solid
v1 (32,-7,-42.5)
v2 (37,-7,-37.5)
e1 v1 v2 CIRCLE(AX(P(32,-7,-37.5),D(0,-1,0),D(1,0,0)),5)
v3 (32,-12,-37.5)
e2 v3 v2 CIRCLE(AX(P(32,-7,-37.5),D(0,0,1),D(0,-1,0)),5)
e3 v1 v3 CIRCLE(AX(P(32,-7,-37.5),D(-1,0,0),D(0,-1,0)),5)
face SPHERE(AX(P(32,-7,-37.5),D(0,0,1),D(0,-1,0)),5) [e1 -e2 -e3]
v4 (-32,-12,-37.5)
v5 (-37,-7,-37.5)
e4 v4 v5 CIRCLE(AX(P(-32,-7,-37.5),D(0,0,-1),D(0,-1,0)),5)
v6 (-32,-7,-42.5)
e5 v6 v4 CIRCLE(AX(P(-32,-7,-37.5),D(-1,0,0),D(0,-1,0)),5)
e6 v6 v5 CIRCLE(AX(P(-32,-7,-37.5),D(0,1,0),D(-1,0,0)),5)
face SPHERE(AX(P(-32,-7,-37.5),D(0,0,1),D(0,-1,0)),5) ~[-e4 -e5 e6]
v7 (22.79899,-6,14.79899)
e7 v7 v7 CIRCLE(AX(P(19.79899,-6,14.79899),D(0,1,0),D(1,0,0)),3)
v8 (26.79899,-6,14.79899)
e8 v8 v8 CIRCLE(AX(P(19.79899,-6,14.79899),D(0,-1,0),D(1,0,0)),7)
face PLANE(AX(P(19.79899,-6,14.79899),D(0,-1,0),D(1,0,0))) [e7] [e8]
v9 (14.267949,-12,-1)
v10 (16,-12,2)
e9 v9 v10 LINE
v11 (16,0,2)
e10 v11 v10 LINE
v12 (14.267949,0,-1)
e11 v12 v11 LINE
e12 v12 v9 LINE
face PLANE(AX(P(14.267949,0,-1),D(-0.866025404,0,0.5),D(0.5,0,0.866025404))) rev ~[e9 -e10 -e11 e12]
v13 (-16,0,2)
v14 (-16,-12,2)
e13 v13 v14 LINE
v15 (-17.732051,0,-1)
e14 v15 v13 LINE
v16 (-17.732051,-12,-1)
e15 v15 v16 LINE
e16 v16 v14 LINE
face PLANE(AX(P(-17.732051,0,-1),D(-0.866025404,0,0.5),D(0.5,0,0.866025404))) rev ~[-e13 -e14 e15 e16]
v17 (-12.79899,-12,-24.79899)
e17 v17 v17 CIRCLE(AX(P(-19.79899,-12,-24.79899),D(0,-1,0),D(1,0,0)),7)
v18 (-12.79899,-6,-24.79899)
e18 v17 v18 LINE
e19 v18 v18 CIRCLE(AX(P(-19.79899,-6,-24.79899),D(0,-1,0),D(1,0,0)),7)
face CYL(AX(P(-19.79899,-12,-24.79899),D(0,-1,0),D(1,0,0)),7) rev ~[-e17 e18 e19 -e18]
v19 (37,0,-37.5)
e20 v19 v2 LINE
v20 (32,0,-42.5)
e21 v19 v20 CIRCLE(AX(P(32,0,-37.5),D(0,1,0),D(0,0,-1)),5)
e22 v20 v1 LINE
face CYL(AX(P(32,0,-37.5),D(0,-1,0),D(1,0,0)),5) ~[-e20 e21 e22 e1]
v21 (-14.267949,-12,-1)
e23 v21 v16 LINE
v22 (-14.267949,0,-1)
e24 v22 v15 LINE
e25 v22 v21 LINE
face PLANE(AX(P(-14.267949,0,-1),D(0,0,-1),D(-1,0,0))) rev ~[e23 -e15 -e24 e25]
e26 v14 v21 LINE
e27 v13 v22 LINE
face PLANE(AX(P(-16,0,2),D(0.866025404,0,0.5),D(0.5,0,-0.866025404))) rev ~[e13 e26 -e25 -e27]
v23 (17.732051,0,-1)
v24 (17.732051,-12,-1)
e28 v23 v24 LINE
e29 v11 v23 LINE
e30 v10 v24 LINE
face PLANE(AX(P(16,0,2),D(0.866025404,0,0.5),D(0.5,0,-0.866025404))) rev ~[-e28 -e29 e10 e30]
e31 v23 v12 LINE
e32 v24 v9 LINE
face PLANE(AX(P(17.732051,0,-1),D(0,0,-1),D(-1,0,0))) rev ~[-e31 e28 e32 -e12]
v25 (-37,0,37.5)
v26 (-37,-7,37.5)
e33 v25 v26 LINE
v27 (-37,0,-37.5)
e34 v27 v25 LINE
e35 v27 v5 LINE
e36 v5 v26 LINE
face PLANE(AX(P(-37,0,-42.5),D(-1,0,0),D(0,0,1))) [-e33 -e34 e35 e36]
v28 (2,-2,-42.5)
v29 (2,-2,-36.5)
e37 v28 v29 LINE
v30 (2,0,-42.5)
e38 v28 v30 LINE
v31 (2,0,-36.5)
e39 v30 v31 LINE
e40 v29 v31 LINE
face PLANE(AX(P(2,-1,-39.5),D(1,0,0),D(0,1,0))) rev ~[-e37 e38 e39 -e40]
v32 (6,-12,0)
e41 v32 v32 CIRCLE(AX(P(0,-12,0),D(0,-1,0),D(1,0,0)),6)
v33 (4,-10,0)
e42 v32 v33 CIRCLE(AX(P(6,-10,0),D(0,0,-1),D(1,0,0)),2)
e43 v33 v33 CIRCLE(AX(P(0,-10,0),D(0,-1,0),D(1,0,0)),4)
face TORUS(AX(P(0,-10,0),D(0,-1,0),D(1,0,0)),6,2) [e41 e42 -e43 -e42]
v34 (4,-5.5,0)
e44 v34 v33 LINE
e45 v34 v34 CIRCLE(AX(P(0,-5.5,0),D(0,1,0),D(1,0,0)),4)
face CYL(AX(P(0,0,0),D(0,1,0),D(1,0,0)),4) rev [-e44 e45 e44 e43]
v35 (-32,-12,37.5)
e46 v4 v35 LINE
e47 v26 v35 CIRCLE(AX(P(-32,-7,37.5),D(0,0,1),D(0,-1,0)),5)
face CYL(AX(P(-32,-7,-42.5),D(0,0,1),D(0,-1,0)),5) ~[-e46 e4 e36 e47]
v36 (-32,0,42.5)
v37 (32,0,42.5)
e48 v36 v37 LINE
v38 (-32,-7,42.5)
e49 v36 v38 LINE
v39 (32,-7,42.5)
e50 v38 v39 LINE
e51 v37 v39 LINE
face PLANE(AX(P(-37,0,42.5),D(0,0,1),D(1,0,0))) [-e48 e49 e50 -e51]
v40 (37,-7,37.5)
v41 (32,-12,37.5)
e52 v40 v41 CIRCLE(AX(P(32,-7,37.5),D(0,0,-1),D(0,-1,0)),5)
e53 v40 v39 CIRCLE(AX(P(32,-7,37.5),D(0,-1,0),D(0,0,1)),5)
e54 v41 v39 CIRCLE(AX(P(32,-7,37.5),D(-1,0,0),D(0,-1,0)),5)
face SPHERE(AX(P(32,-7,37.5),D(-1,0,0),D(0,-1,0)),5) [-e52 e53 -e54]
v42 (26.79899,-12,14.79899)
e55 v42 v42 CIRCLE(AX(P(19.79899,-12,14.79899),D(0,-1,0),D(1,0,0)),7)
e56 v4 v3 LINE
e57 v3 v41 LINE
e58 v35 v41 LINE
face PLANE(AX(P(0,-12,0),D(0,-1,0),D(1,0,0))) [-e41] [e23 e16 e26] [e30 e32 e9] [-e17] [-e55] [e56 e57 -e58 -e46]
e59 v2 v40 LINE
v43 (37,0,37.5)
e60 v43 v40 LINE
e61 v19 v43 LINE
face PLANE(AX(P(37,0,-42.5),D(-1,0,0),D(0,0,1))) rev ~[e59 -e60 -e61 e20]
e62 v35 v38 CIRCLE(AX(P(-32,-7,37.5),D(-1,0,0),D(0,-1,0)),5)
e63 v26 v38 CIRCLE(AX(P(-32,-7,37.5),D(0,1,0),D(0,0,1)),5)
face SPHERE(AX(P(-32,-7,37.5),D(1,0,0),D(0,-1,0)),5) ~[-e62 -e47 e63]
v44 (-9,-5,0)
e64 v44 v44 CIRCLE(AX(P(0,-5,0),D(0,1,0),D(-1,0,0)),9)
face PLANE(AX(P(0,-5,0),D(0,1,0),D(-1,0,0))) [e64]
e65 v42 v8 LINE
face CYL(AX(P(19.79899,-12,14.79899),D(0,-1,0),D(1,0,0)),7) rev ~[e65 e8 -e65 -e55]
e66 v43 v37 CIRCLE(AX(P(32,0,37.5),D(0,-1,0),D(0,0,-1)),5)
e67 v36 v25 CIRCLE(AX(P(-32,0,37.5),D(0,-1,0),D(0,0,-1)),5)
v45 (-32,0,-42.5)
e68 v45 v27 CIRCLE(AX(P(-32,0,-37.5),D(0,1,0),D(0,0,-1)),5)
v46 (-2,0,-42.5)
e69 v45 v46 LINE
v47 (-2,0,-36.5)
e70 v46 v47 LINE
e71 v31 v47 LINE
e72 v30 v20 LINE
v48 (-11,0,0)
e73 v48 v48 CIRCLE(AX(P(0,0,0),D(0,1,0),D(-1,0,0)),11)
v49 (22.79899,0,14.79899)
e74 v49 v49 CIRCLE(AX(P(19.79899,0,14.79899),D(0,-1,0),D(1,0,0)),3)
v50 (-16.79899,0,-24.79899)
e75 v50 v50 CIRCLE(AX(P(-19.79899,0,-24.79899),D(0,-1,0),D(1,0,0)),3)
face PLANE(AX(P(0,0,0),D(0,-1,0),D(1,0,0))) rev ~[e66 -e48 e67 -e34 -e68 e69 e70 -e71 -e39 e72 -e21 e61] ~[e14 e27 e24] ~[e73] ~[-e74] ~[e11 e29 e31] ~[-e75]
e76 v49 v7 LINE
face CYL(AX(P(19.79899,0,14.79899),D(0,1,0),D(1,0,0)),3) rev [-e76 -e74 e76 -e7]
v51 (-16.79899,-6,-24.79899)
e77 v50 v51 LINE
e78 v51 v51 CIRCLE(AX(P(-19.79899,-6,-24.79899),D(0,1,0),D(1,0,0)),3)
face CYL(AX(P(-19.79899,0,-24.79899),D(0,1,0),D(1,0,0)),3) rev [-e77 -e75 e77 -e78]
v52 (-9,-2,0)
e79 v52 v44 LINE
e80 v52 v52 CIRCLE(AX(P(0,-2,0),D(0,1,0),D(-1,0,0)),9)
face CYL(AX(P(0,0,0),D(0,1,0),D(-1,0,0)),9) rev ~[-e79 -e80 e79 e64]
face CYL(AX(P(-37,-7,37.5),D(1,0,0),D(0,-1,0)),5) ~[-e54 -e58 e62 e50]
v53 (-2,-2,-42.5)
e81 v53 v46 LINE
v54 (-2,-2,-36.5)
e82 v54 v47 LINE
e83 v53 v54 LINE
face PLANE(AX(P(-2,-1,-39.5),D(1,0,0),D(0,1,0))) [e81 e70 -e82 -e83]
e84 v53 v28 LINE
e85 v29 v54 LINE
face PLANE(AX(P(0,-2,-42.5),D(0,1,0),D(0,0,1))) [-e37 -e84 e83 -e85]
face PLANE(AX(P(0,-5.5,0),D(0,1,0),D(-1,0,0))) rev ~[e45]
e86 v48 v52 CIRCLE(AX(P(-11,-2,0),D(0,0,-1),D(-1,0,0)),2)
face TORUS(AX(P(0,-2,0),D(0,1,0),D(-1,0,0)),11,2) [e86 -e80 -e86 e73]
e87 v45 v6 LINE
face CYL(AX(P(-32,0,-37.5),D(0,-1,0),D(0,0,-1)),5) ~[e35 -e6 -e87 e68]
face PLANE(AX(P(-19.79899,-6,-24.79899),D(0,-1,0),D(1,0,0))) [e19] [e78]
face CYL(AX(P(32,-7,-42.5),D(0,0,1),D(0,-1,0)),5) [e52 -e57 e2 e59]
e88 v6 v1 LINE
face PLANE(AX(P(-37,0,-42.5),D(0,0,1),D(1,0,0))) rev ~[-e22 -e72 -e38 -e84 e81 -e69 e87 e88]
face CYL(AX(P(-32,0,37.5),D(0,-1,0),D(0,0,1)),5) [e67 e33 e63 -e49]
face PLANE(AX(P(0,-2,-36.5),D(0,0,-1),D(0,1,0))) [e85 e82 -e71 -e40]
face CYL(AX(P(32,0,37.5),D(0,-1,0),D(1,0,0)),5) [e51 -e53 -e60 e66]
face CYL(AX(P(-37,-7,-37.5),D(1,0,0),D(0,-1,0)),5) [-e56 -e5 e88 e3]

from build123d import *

# Parameters (mm, degrees)
F0_W     = 74
F0_H     = 85
F0_R     = 3
F0_R_2   = 4
F1_DEPTH = 12
F2_R     = 7
F3_DEPTH = 6
F4_W     = 2
F4_H     = 6
F5_DEPTH = 2
F6_R     = 9
F7_DEPTH = 5
F8_R     = 4
F9_DEPTH = 0.5
F10_R    = 5
F11_R    = 2


with BuildPart() as f1:
    # F0 (on Front) → F1 (new body)
    with BuildSketch(Plane.XZ):
        Rectangle(F0_W, F0_H)
        with Locations((-19.7989898732, -24.7989898732)):
            Circle(F0_R, mode=Mode.SUBTRACT)
        Polygon((-17.7320508076, -1), (-16, 2), (-14.2679491924, -1), align=None, mode=Mode.SUBTRACT)
        Circle(F0_R_2, mode=Mode.SUBTRACT)
        Polygon((14.2679491924, -1), (16, 2), (17.7320508076, -1), align=None, mode=Mode.SUBTRACT)
        with Locations((19.7989898732, 14.7989898732)):
            Circle(F0_R, mode=Mode.SUBTRACT)
    extrude(amount=F1_DEPTH)

    # F2 (on face) → F3 (cut)
    with BuildSketch(Plane.XZ.offset(12)):
        with Locations((19.7989898732, 14.7989898732)):
            Circle(F2_R)
        with Locations((-19.7989898732, -24.7989898732)):
            Circle(F2_R)
    extrude(amount=-F3_DEPTH, mode=Mode.SUBTRACT)

    # F4 (on Right) → F5 (cut, symmetric)
    with BuildSketch(Plane.YZ):
        with Locations((-1, -39.5)):
            Rectangle(F4_W, F4_H)
    extrude(amount=F5_DEPTH, both=True, mode=Mode.SUBTRACT)

    # F6 (on face) → F7 (cut)
    with BuildSketch(Plane(origin=(0, 0, 0), x_dir=(-1, 0, 0), z_dir=(0, 1, 0))):
        Circle(F6_R)
    extrude(amount=-F7_DEPTH, mode=Mode.SUBTRACT)

    # F8 (on face) → F9 (join)
    with BuildSketch(Plane(origin=(0, -5, 0), x_dir=(-1, 0, 0), z_dir=(0, 1, 0))):
        Circle(F8_R)
    extrude(amount=-F9_DEPTH)

    # F10
    f10_edges = [f1.edges().sort_by_distance(p)[0] for p in [
        (0, -12, 42.5),
        (-37, -12, 0),
        (37, -12, 0),
        (0, -12, -42.5),
        (37, -6, -42.5),
        (37, -6, 42.5),
        (-37, -6, 42.5),
        (-37, -6, -42.5),
    ]]
    fillet(f10_edges, radius=F10_R)

    # F11
    f11_edges = [f1.edges().sort_by_distance(p)[0] for p in [
        (9, 0, 0),
        (-4, -12, 0),
    ]]
    fillet(f11_edges, radius=F11_R)


solid = f1.part
